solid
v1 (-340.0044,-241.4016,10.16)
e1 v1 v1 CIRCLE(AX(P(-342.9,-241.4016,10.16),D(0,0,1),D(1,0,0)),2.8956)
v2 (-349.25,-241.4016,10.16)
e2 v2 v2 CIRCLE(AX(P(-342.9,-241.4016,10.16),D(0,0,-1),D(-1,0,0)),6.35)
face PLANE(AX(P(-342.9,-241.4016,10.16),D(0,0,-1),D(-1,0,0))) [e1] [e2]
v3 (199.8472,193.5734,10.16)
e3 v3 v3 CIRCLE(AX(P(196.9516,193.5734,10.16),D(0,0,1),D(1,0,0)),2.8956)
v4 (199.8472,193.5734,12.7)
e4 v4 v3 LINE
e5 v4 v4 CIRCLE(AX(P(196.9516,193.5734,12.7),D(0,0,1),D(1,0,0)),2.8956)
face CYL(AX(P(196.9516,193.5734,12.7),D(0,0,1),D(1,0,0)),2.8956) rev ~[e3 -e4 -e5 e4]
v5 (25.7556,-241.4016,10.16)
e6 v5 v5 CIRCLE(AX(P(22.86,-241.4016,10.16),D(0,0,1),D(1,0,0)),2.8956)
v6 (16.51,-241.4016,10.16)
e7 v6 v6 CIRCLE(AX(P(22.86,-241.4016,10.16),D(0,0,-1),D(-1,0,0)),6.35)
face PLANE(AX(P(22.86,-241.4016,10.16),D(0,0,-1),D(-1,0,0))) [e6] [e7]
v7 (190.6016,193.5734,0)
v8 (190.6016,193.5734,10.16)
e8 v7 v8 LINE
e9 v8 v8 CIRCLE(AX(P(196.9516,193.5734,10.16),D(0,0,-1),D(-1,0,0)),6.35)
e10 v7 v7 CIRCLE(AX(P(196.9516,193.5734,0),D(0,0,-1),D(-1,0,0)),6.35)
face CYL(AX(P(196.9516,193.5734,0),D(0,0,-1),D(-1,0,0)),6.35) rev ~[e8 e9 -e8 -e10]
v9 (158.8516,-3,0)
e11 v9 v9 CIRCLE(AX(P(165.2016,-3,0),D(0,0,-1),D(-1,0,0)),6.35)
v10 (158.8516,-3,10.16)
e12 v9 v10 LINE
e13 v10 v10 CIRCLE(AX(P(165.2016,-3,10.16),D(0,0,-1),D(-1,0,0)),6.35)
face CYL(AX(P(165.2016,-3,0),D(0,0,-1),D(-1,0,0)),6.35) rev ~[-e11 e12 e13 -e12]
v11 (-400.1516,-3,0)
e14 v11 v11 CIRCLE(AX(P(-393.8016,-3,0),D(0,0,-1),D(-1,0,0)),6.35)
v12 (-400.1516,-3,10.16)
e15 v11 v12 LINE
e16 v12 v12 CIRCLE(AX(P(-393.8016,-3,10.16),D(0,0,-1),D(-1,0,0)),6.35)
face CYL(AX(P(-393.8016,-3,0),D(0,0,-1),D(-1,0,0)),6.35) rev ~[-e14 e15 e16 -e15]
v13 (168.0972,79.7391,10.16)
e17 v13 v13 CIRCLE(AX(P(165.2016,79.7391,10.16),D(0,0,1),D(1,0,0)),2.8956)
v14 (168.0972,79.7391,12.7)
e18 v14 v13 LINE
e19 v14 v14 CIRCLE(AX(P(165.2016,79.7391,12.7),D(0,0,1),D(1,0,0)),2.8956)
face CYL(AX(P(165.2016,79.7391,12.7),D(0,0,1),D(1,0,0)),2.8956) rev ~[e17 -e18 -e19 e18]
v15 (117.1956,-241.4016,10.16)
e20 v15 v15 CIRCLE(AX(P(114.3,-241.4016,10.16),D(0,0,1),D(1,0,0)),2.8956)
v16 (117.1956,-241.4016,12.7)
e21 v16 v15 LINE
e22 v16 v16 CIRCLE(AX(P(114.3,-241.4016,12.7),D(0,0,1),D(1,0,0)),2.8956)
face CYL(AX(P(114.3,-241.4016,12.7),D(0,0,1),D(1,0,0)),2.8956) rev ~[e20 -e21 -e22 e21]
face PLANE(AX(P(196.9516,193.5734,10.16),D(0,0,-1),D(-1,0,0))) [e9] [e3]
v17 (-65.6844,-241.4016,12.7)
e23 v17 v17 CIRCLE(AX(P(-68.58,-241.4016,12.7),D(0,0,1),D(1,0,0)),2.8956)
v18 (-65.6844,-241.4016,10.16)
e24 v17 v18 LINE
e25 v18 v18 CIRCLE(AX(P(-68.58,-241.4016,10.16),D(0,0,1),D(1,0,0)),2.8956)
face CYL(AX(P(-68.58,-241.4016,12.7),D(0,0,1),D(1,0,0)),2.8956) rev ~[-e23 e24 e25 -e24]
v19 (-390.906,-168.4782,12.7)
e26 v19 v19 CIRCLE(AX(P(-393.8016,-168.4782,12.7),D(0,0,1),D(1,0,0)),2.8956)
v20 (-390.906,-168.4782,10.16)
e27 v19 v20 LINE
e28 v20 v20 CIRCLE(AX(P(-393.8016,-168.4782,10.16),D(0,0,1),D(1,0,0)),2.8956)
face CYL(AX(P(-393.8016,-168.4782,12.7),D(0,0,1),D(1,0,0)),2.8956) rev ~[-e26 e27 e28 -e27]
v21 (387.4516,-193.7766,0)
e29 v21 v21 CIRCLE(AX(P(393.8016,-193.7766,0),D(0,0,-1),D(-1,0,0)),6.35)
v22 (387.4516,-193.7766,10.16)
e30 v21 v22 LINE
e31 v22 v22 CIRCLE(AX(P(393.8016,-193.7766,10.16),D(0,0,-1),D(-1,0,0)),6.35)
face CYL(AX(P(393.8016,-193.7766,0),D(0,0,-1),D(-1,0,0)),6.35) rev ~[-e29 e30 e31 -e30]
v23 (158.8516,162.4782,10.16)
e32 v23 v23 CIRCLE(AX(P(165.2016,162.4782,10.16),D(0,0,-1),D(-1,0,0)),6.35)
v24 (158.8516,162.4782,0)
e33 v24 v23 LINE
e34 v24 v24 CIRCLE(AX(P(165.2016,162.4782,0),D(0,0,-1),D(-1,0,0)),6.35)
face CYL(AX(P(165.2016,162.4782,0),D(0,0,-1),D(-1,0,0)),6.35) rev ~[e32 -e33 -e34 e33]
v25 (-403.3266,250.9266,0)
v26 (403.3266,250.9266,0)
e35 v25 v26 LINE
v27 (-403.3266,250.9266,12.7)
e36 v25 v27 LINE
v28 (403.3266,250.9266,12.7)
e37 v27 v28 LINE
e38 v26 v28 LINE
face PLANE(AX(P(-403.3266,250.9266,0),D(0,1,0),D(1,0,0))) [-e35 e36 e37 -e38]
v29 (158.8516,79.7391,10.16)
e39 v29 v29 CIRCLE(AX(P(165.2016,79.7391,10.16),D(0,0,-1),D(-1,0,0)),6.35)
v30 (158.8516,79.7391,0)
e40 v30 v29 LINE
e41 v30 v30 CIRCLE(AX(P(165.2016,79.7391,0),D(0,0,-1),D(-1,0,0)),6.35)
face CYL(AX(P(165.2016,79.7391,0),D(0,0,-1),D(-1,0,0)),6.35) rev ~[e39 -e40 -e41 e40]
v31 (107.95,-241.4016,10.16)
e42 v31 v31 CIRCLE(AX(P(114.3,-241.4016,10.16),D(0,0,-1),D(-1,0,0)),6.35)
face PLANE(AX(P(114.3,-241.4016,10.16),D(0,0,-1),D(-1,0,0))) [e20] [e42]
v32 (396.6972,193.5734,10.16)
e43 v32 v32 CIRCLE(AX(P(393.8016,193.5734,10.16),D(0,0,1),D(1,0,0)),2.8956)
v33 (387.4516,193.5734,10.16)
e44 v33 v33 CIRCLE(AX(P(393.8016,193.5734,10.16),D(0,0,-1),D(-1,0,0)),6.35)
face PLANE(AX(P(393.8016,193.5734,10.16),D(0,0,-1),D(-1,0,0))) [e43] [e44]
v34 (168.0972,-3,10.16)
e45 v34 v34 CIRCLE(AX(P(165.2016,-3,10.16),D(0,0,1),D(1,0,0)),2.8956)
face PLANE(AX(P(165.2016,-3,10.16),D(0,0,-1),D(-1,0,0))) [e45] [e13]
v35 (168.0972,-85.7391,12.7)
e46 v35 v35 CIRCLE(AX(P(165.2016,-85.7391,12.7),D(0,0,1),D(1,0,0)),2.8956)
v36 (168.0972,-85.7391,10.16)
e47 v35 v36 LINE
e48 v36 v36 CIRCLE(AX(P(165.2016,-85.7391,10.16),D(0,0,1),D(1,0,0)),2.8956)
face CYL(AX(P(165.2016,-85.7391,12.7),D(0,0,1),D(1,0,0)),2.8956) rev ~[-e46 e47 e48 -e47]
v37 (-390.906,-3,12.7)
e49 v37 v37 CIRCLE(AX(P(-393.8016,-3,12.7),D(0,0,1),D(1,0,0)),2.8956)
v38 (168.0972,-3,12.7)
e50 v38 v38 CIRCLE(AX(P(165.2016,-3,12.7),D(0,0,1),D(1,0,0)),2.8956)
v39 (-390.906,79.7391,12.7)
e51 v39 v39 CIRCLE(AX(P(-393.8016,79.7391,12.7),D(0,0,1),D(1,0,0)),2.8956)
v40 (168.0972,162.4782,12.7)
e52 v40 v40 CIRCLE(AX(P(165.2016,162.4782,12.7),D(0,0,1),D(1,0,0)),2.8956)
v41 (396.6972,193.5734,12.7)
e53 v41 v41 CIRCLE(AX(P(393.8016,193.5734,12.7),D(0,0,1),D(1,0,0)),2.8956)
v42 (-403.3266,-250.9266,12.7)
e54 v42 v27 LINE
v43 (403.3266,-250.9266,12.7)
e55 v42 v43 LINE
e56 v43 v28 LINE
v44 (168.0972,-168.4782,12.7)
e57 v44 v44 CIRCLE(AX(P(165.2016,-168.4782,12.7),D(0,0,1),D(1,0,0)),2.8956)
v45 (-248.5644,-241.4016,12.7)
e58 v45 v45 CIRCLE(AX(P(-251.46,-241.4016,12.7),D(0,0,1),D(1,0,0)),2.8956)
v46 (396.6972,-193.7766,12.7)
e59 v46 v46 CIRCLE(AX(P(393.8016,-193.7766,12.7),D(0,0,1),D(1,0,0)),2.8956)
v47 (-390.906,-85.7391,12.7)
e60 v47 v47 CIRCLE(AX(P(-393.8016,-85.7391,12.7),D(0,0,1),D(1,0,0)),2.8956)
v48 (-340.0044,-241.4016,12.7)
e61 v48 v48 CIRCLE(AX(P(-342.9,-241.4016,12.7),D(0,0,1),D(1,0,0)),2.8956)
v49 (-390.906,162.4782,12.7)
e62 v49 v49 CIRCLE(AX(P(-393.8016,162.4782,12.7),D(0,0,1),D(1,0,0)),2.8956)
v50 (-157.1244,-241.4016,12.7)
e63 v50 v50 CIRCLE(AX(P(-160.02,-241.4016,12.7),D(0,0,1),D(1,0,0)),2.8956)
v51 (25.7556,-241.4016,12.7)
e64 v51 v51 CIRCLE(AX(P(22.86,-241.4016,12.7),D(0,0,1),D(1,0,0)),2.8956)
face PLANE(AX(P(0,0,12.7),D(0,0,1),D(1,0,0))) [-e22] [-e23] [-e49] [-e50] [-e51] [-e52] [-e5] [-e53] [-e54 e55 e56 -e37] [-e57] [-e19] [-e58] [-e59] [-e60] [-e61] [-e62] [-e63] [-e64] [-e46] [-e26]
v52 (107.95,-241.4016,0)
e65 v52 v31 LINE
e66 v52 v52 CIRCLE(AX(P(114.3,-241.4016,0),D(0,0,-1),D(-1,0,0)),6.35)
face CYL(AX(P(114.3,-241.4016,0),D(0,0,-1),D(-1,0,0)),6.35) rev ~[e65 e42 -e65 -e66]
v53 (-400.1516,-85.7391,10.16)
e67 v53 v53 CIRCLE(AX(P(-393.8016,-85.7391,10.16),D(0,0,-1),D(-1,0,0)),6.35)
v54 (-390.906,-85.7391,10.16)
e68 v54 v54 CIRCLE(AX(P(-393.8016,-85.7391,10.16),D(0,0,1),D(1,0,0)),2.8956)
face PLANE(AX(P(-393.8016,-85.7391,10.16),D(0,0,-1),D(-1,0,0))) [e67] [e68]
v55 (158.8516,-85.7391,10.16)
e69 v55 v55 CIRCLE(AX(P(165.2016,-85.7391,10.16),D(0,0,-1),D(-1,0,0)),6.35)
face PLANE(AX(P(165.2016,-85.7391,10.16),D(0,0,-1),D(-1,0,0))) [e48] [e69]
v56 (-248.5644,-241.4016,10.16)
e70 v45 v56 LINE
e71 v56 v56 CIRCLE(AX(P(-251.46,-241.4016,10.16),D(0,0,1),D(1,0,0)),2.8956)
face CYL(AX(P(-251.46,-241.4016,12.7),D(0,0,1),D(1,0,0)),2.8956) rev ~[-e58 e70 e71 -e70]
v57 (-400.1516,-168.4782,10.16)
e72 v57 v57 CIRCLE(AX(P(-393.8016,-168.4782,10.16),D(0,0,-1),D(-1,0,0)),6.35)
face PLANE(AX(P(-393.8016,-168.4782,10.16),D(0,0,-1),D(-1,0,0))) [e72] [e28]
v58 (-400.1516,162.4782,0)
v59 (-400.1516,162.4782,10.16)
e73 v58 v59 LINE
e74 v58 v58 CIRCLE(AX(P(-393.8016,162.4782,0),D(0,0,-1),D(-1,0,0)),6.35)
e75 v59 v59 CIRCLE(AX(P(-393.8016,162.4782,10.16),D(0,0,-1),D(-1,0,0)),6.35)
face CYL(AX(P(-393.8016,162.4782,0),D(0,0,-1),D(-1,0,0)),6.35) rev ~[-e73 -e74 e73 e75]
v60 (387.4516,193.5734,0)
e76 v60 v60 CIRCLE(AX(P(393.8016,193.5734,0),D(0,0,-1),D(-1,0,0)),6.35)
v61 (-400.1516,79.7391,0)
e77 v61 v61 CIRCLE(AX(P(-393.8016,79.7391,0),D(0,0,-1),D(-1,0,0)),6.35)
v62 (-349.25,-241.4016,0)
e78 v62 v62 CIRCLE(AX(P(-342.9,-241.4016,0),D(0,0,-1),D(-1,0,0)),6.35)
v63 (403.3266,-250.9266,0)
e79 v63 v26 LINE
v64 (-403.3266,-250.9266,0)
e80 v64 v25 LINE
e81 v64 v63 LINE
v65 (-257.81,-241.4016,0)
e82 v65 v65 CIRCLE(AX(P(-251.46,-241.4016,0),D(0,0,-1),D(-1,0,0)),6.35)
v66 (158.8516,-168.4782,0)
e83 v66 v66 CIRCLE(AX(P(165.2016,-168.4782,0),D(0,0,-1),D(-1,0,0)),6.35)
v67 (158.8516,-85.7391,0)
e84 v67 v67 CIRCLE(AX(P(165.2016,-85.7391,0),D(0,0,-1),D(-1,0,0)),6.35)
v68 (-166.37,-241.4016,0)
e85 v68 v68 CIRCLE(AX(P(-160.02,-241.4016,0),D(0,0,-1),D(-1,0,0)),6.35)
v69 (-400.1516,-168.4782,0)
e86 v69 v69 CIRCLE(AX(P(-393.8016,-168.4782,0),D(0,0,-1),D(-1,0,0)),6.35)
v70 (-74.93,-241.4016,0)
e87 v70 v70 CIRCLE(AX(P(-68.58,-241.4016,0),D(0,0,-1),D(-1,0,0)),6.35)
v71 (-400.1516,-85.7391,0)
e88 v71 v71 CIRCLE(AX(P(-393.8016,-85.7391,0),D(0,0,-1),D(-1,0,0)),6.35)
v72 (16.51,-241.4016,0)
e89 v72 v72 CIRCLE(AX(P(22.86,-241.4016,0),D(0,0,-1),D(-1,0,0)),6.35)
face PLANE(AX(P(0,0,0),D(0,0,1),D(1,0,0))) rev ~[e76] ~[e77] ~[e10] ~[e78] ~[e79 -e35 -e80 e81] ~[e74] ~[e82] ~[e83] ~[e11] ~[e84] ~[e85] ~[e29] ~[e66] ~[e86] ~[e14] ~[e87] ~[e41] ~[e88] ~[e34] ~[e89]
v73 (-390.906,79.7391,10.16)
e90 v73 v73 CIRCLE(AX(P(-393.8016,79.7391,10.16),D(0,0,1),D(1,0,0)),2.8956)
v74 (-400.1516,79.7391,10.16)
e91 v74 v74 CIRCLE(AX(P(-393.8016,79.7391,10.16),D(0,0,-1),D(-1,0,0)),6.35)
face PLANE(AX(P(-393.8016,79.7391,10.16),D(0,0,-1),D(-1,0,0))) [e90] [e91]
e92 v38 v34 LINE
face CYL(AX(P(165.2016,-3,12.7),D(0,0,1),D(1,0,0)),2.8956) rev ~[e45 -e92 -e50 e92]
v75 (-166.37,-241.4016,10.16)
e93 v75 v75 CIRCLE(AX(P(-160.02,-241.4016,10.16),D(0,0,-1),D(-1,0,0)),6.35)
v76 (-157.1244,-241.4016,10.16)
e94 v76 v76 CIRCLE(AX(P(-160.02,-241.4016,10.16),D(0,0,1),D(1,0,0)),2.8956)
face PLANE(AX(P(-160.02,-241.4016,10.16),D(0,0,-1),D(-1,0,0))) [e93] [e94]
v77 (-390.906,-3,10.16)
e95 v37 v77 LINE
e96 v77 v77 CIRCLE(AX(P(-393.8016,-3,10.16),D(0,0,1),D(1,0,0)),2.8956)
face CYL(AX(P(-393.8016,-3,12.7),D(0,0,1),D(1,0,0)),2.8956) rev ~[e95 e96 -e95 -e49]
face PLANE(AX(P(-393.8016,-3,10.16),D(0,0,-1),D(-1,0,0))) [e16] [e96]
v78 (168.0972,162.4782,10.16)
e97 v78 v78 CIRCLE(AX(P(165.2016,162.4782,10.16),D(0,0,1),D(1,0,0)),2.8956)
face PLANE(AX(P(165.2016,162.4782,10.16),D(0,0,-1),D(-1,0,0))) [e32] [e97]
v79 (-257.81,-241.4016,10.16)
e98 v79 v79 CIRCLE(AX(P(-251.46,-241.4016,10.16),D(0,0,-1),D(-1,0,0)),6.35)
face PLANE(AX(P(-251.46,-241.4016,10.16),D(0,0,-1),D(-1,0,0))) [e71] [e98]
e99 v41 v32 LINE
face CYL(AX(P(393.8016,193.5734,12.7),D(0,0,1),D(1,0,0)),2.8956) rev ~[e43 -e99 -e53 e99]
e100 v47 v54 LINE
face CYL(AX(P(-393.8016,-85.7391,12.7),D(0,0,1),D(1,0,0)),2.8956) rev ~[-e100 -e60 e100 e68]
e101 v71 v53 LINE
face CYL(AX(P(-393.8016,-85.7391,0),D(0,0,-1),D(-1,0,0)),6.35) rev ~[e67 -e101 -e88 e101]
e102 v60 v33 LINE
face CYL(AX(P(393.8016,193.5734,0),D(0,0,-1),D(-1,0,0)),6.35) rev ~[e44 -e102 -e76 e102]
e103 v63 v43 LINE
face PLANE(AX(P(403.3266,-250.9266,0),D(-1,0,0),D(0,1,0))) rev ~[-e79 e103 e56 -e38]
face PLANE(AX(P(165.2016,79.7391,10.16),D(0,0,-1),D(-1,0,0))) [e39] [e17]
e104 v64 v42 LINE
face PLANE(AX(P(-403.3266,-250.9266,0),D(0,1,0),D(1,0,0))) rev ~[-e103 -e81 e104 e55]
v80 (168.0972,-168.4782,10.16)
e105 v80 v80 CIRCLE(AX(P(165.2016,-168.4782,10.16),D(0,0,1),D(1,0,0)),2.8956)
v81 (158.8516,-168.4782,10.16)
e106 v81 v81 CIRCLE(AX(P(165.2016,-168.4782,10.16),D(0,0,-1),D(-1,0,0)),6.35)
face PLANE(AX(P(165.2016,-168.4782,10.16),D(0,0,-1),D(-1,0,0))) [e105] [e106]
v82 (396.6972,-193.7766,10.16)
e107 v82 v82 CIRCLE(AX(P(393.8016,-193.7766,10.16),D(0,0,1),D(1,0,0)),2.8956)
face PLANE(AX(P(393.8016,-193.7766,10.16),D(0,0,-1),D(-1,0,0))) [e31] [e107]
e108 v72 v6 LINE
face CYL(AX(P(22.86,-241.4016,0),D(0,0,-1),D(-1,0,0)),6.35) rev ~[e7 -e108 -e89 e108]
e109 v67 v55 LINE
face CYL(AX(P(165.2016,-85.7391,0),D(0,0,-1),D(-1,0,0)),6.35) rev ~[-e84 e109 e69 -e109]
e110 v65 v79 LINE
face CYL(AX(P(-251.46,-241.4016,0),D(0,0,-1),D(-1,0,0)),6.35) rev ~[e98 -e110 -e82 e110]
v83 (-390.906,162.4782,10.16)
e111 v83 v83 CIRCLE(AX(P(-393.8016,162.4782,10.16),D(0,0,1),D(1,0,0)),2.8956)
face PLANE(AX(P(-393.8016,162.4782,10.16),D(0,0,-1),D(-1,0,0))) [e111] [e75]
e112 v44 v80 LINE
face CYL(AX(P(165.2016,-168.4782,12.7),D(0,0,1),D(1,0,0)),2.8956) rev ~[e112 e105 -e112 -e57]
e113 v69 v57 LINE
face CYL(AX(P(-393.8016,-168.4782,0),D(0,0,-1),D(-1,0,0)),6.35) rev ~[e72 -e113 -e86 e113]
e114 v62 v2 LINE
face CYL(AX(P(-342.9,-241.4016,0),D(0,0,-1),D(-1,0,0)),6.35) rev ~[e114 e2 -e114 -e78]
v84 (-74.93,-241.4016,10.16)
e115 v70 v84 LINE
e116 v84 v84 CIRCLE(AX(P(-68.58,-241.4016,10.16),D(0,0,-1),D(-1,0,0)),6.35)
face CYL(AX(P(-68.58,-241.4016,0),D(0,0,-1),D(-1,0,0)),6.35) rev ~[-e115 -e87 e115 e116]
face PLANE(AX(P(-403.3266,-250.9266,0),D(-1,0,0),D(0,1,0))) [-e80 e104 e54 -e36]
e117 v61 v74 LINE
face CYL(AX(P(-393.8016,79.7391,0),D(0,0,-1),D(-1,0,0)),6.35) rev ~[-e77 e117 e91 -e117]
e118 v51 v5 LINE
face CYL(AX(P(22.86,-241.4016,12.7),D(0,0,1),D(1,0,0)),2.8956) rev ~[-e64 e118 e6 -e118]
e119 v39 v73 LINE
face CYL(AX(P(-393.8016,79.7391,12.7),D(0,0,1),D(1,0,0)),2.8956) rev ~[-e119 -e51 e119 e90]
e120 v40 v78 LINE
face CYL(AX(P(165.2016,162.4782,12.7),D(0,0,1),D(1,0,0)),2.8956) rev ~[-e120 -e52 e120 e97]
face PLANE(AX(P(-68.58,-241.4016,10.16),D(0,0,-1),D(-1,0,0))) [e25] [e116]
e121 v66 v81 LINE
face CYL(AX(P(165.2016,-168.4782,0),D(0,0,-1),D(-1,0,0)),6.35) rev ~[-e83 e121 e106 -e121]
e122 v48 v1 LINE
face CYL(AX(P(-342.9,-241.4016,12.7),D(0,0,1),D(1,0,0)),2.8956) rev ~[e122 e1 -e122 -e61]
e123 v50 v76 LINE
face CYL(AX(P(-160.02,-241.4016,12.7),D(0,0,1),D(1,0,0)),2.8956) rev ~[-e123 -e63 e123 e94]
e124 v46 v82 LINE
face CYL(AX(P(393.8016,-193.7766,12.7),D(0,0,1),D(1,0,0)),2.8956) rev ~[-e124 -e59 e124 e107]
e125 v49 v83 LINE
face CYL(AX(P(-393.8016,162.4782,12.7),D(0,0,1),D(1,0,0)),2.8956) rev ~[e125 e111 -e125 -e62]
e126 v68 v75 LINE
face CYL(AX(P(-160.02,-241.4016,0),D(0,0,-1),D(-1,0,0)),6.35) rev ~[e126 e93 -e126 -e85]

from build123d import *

# Parameters (mm, degrees)
SKETCH1_W                    = 806.6532
SKETCH1_H                    = 501.8532
BOSS_EXTRUDE1_DEPTH          = 12.7
SKETCH2_R                    = 2.8956
SIDEBARHOLEMASTER_DEPTH      = 476.18185451
SKETCH3_R                    = 6.35
COUNTERSINK_DEPTH            = 10.16
LPATTERN1_COUNT              = 5
LPATTERN1_PITCH              = 82.739099952
SKETCH4_R                    = 2.8956
REARBARMOUNT_DEPTH           = 476.18185451
SKETCH5_R                    = 6.35
REARBARCOUNTERSINK_DEPTH     = 10.16
LPATTERN2_COUNT              = 6
LPATTERN2_PITCH              = 91.44
SKETCH6_R                    = 2.8956
EBFORWARDMOUNTHOLE_DEPTH     = 476.18185451
SKETCH7_R                    = 6.35
EB_MOUNTS_COUNTERSINKS_DEPTH = 10.16


with BuildPart() as part:
    # Sketch1 → Boss-Extrude1 (new body)
    with BuildSketch(Plane.XY):
        Rectangle(SKETCH1_W, SKETCH1_H)
    extrude(amount=BOSS_EXTRUDE1_DEPTH)

    # Sketch2 → SideBarHoleMaster (cut, through all)
    with BuildSketch(Plane.XY.offset(12.7)):
        with Locations((-393.8016, -168.4782)):
            Circle(SKETCH2_R)
        with Locations((165.2016, -168.4782)):
            Circle(SKETCH2_R)
    sidebarholemaster = extrude(amount=-SIDEBARHOLEMASTER_DEPTH, mode=Mode.SUBTRACT)

    # Sketch3 → Countersink (cut)
    with BuildSketch(Plane(origin=(0, 0, 0), x_dir=(-1, 0, 0), z_dir=(0, 0, -1))):
        with Locations((-165.2016, -168.4782)):
            Circle(SKETCH3_R)
        with Locations((393.8016, -168.4782)):
            Circle(SKETCH3_R)
    countersink = extrude(amount=-COUNTERSINK_DEPTH, mode=Mode.SUBTRACT)

    # LPattern1: SideBarHoleMaster, Countersink ×5
    with Locations(*[(0, i * LPATTERN1_PITCH, 0) for i in range(1, LPATTERN1_COUNT)]):
        add(sidebarholemaster, mode=Mode.SUBTRACT)
        add(countersink, mode=Mode.SUBTRACT)

    # Sketch4 → RearBarMount (cut, through all)
    with BuildSketch(Plane.XY.offset(12.7)):
        with Locations((-342.9, -241.4016)):
            Circle(SKETCH4_R)
    rearbarmount = extrude(amount=-REARBARMOUNT_DEPTH, mode=Mode.SUBTRACT)

    # Sketch5 → RearBarCounterSink (cut)
    with BuildSketch(Plane(origin=(0, 0, 0), x_dir=(-1, 0, 0), z_dir=(0, 0, -1))):
        with Locations((342.9, -241.4016)):
            Circle(SKETCH5_R)
    rearbarcountersink = extrude(amount=-REARBARCOUNTERSINK_DEPTH, mode=Mode.SUBTRACT)

    # LPattern2: RearBarMount, RearBarCounterSink ×6
    with Locations(*[(i * LPATTERN2_PITCH, 0, 0) for i in range(1, LPATTERN2_COUNT)]):
        add(rearbarmount, mode=Mode.SUBTRACT)
        add(rearbarcountersink, mode=Mode.SUBTRACT)

    # Sketch6 → EBForwardMountHole (cut, through all)
    with BuildSketch(Plane.XY.offset(12.7)):
        with Locations((393.8016, 193.5734)):
            Circle(SKETCH6_R)
        with Locations((393.8016, -193.7766)):
            Circle(SKETCH6_R)
        with Locations((196.9516, 193.5734)):
            Circle(SKETCH6_R)
    extrude(amount=-EBFORWARDMOUNTHOLE_DEPTH, mode=Mode.SUBTRACT)

    # Sketch7 → EB-Mounts-Countersinks (cut)
    with BuildSketch(Plane(origin=(0, 0, 0), x_dir=(-1, 0, 0), z_dir=(0, 0, -1))):
        with Locations((-393.8016, 193.5734)):
            Circle(SKETCH7_R)
        with Locations((-393.8016, -193.7766)):
            Circle(SKETCH7_R)
        with Locations((-196.9516, 193.5734)):
            Circle(SKETCH7_R)
    extrude(amount=-EB_MOUNTS_COUNTERSINKS_DEPTH, mode=Mode.SUBTRACT)


solid = part.part
